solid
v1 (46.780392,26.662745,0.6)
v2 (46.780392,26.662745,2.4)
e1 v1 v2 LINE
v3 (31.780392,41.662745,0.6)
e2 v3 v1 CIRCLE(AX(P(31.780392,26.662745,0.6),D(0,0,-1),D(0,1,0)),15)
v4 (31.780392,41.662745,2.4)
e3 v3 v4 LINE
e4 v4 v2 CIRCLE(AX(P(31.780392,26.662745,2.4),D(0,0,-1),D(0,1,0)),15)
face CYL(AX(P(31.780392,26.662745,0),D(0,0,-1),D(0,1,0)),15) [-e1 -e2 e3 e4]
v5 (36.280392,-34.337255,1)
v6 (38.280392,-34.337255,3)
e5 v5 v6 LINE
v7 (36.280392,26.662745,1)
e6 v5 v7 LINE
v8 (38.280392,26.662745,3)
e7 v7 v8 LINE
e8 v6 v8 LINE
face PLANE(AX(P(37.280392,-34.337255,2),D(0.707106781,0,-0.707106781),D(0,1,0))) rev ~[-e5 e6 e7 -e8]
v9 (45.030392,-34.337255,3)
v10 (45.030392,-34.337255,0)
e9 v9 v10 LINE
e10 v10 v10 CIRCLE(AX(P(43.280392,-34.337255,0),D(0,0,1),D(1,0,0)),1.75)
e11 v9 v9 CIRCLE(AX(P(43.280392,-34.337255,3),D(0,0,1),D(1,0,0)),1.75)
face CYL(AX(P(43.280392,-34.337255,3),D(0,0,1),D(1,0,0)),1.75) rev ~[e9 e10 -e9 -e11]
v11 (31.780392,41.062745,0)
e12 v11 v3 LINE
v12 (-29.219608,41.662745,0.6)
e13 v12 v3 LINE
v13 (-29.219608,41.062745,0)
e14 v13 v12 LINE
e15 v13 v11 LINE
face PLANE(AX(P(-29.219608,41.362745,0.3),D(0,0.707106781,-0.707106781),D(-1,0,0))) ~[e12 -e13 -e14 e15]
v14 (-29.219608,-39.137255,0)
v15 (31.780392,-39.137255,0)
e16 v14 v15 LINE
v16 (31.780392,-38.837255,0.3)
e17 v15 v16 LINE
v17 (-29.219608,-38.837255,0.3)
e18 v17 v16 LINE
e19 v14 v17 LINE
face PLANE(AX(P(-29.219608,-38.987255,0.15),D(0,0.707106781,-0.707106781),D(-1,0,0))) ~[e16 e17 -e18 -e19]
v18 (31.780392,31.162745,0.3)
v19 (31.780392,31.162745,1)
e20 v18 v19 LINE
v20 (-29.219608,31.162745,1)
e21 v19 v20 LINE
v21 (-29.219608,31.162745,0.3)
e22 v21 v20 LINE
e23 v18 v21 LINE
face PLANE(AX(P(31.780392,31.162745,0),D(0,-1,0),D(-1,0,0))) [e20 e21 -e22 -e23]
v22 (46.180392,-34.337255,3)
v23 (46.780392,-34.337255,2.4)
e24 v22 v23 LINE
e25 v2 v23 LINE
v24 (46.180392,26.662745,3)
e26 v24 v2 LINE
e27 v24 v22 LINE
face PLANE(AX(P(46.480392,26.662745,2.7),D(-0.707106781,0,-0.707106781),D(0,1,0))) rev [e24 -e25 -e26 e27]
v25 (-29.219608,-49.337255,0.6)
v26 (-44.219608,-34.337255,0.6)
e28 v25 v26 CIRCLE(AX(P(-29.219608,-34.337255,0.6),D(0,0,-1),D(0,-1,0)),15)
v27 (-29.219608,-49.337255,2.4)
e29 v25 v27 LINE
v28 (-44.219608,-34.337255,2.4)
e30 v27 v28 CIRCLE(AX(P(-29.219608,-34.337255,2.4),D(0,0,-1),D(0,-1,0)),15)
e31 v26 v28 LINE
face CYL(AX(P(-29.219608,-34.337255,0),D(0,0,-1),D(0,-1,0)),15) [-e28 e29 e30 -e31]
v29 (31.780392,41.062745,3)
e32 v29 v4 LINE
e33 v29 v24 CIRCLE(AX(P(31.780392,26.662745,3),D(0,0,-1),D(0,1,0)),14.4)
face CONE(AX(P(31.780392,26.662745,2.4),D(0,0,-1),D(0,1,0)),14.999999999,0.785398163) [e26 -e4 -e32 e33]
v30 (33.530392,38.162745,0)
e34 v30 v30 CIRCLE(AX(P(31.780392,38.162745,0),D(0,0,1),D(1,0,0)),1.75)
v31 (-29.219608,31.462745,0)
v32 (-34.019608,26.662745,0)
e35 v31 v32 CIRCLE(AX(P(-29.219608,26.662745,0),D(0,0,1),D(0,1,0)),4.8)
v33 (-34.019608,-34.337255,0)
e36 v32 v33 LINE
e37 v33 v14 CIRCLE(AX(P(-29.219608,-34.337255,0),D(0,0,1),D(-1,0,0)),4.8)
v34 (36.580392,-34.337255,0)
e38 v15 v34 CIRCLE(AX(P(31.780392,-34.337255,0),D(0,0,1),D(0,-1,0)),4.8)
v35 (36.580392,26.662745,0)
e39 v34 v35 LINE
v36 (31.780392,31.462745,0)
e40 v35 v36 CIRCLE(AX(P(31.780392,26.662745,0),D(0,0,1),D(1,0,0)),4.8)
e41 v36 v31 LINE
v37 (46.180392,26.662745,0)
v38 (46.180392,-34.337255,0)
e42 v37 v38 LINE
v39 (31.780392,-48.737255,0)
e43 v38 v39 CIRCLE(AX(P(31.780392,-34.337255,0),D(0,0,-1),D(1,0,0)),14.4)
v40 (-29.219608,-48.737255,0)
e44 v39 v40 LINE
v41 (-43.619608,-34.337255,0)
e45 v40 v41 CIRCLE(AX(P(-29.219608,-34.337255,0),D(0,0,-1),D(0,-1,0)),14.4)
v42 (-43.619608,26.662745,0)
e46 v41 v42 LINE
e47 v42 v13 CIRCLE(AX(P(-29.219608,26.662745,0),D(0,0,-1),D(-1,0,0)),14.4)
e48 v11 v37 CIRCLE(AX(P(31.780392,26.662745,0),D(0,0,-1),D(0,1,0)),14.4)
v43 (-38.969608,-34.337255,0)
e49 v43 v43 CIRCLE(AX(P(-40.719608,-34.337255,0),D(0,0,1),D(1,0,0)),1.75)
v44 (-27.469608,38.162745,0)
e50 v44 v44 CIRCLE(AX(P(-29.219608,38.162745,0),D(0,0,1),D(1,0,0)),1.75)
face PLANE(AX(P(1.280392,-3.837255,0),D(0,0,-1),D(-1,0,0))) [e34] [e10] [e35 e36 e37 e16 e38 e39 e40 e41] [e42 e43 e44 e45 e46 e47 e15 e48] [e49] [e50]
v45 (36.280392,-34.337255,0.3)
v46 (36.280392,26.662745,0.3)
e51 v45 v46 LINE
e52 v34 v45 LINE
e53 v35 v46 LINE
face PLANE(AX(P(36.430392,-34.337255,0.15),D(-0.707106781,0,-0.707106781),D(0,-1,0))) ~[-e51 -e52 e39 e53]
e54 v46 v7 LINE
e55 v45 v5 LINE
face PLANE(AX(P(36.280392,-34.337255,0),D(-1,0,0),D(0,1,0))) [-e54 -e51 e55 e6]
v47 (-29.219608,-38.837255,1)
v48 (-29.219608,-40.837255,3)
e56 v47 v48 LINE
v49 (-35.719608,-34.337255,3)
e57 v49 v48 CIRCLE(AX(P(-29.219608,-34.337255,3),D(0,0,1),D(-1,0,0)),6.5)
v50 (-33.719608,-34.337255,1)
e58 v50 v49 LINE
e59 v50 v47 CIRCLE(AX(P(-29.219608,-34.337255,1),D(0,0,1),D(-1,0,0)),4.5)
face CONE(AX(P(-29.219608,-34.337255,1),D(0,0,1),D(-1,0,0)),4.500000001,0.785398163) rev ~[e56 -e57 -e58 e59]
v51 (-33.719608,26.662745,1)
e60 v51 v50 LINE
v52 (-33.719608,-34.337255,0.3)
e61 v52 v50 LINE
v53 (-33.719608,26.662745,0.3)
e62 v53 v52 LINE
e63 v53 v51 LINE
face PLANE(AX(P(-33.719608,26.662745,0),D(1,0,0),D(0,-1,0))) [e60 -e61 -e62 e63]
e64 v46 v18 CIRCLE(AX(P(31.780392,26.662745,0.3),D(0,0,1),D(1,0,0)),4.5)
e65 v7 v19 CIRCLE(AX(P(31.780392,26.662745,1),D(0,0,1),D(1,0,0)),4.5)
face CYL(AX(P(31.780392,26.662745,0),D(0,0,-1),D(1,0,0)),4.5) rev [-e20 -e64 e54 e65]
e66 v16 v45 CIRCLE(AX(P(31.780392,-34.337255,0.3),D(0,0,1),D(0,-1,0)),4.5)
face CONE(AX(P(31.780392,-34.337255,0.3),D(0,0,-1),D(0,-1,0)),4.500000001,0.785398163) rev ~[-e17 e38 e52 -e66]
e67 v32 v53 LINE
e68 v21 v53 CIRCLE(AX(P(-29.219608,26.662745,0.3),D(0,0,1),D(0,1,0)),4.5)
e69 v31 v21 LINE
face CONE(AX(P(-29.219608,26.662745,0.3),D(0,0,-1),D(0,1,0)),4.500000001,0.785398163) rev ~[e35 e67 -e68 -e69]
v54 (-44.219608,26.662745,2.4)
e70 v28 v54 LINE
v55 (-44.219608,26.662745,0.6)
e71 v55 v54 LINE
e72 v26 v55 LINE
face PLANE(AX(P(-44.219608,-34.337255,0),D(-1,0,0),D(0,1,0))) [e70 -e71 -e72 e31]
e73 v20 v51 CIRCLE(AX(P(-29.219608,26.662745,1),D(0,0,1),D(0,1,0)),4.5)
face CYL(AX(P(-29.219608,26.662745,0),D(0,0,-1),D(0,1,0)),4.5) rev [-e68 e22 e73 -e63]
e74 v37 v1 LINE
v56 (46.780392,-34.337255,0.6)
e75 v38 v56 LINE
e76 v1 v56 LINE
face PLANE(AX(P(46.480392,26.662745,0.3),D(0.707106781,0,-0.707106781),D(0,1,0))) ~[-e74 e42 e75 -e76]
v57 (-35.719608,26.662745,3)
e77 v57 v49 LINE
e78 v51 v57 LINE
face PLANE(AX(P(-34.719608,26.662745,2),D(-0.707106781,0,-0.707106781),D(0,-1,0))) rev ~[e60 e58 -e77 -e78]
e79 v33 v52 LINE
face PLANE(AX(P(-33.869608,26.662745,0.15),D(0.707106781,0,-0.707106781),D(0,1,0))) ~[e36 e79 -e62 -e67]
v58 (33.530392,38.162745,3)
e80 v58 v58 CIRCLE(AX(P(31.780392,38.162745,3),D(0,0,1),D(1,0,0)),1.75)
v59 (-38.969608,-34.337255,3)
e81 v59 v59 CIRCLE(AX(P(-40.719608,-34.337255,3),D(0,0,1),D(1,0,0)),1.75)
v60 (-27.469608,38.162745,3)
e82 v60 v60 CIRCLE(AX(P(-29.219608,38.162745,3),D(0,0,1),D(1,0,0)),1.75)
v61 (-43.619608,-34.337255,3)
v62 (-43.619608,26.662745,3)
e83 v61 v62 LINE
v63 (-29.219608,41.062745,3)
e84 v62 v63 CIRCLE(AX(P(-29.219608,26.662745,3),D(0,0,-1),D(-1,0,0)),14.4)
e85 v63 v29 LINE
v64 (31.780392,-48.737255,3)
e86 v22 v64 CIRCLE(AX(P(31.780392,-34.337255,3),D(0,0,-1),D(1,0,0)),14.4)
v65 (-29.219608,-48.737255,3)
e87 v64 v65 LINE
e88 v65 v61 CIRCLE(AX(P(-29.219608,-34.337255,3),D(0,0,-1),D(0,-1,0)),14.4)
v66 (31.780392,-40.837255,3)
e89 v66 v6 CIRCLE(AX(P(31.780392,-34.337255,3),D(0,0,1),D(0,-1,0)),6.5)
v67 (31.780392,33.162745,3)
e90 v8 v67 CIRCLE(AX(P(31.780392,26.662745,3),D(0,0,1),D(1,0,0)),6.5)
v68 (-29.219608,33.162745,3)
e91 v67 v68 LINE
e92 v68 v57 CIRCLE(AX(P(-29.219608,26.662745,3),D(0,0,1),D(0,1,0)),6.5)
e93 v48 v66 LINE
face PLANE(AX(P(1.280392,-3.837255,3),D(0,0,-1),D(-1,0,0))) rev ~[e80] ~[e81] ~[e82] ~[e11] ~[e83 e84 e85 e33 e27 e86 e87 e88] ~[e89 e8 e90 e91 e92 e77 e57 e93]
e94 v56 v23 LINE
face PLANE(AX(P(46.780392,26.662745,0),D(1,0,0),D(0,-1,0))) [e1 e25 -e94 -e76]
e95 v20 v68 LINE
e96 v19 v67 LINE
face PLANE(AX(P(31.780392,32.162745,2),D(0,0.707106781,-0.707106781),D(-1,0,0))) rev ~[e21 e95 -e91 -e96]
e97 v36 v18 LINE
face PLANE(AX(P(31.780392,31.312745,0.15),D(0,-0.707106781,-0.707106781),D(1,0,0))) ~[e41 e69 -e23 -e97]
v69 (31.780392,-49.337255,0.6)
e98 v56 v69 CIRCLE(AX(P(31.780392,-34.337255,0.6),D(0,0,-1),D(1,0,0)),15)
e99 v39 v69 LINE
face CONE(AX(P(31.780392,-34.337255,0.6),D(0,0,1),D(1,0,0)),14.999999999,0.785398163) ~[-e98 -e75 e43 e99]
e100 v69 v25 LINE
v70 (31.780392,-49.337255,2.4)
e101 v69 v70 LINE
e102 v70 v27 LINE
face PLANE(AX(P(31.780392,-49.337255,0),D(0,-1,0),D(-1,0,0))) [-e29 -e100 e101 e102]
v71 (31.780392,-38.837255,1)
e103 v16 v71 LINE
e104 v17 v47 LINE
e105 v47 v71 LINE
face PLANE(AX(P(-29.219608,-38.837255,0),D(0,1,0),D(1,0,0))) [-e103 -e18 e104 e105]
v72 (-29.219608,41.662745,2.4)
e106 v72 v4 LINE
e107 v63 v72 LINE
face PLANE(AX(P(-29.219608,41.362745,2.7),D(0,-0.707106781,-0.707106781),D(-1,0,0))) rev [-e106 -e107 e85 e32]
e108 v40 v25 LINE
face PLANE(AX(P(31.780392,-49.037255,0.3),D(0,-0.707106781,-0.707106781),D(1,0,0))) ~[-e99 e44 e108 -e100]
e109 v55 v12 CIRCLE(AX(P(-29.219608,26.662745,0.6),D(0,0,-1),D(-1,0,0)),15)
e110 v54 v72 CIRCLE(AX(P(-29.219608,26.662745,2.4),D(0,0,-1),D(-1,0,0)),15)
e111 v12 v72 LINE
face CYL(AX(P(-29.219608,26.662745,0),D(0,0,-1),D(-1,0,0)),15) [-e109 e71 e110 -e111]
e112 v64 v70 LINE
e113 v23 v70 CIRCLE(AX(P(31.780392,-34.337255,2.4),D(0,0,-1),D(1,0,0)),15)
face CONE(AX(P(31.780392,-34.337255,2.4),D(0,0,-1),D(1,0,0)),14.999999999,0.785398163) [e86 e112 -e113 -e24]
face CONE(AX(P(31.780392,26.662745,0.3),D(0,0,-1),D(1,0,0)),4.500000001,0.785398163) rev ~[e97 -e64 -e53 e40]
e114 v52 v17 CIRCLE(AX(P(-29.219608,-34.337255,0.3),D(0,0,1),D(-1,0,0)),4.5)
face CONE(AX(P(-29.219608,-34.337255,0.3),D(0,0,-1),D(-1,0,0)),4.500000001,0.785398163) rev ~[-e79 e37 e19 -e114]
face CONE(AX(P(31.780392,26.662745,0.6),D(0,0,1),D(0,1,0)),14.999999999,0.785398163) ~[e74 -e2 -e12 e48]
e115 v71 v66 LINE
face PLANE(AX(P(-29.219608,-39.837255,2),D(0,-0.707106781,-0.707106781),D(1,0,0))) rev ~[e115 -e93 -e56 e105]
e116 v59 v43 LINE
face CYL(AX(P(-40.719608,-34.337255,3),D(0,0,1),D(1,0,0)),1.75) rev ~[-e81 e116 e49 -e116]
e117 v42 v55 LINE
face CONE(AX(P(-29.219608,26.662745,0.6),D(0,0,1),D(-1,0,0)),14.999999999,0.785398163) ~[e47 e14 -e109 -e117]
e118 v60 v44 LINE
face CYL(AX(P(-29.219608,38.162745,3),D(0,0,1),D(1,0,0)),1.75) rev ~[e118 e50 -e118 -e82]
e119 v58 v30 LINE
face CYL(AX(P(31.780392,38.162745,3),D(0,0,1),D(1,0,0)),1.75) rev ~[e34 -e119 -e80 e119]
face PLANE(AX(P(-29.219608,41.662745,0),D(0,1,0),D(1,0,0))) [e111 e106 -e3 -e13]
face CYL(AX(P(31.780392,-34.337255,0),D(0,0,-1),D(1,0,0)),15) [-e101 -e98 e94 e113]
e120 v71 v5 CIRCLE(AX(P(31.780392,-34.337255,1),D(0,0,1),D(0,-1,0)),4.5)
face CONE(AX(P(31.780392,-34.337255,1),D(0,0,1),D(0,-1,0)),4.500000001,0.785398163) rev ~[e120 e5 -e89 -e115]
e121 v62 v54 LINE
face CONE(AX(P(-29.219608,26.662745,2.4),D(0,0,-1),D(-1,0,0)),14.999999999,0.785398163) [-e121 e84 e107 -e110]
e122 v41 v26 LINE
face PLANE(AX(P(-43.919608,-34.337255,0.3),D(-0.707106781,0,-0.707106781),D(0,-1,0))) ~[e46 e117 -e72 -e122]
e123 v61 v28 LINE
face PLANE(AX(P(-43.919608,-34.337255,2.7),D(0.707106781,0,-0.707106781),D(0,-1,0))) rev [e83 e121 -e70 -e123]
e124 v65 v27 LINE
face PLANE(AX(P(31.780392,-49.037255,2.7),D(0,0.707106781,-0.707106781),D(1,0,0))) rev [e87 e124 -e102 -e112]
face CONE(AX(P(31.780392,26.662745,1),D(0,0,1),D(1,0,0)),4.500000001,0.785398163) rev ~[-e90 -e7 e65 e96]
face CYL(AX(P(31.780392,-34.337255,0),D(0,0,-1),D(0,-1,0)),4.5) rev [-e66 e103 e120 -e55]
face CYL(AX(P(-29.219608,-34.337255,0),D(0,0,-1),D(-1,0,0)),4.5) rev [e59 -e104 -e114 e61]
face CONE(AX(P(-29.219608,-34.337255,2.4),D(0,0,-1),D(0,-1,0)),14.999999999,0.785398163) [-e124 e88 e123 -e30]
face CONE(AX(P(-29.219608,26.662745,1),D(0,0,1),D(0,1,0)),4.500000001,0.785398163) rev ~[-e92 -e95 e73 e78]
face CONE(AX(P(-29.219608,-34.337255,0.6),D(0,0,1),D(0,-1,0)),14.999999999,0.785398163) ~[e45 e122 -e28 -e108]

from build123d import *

# Parameters (mm, degrees)
SKETCH2_R           = 1.25
BOSS_EXTRUDE1_DEPTH = 3
CHAMFER1_SIZE       = 2
CHAMFER2_SIZE       = 0.6
CHAMFER3_SIZE       = 0.3
SKETCH3_R           = 1.75
CUT_EXTRUDE1_DEPTH  = 4


with BuildPart() as part:
    # Sketch2 → Boss-Extrude1 (new body)
    with BuildSketch(Plane.XY):
        with BuildLine():
            Line((-44.219607843, -34.337254902), (-44.219607843, 26.662745098))
            ThreePointArc((-44.219607843, 26.662745098), (-39.826209561, 37.269346816), (-29.219607843, 41.662745098))
            Line((-29.219607843, 41.662745098), (31.780392157, 41.662745098))
            ThreePointArc((31.780392157, 41.662745098), (42.386993875, 37.269346816), (46.780392157, 26.662745098))
            Line((46.780392157, 26.662745098), (46.780392157, -34.337254902))
            ThreePointArc((46.780392157, -34.337254902), (42.386993875, -44.94385662), (31.780392157, -49.337254902))
            Line((31.780392157, -49.337254902), (-29.219607843, -49.337254902))
            ThreePointArc((-29.219607843, -49.337254902), (-39.826209561, -44.94385662), (-44.219607843, -34.337254902))
        make_face()
        with Locations((43.280392157, -34.337254902)):
            Circle(SKETCH2_R, mode=Mode.SUBTRACT)
        with Locations((31.780392157, 38.162745098)):
            Circle(SKETCH2_R, mode=Mode.SUBTRACT)
        with Locations((-29.219607843, 38.162745098)):
            Circle(SKETCH2_R, mode=Mode.SUBTRACT)
        with Locations((-40.719607843, -34.337254902)):
            Circle(SKETCH2_R, mode=Mode.SUBTRACT)
        with BuildLine():
            ThreePointArc((-29.219607843, 31.162745098), (-32.401588358, 29.844725613), (-33.719607843, 26.662745098))
            Line((-33.719607843, 26.662745098), (-33.719607843, -34.337254902))
            ThreePointArc((-33.719607843, -34.337254902), (-32.401588358, -37.519235417), (-29.219607843, -38.837254902))
            Line((-29.219607843, -38.837254902), (31.780392157, -38.837254902))
            ThreePointArc((31.780392157, -38.837254902), (34.962372672, -37.519235417), (36.280392157, -34.337254902))
            Line((36.280392157, -34.337254902), (36.280392157, 26.662745098))
            ThreePointArc((36.280392157, 26.662745098), (34.962372672, 29.844725613), (31.780392157, 31.162745098))
            Line((31.780392157, 31.162745098), (-29.219607843, 31.162745098))
        make_face(mode=Mode.SUBTRACT)
    extrude(amount=BOSS_EXTRUDE1_DEPTH)

    # Chamfer1
    chamfer1_edges = [part.edges().sort_by_distance(p)[0] for p in [
        (-32.401588358, 29.844725613, 3),
        (1.280392157, 31.162745098, 3),
        (34.962372672, 29.844725613, 3),
        (36.280392157, -3.837254902, 3),
        (34.962372672, -37.519235417, 3),
        (1.280392157, -38.837254902, 3),
        (-32.401588358, -37.519235417, 3),
        (-33.719607843, -3.837254902, 3),
    ]]
    chamfer(chamfer1_edges, length=CHAMFER1_SIZE)

    # Chamfer2
    chamfer2_edges = [part.edges().sort_by_distance(p)[0] for p in [
        (1.280392157, 41.662745098, 3),
        (-39.826209561, 37.269346816, 3),
        (-39.826209561, 37.269346816, 0),
        (1.280392157, 41.662745098, 0),
        (42.386993875, 37.269346816, 0),
        (46.780392157, -3.837254902, 0),
        (42.386993875, -44.94385662, 0),
        (1.280392157, -49.337254902, 0),
        (-39.826209561, -44.94385662, 0),
        (-44.219607843, -3.837254902, 0),
        (-44.219607843, -3.837254902, 3),
        (-39.826209561, -44.94385662, 3),
        (1.280392157, -49.337254902, 3),
        (42.386993875, -44.94385662, 3),
        (46.780392157, -3.837254902, 3),
        (42.386993875, 37.269346816, 3),
    ]]
    chamfer(chamfer2_edges, length=CHAMFER2_SIZE)

    # Chamfer3
    chamfer3_edges = [part.edges().sort_by_distance(p)[0] for p in [
        (-33.719607843, -3.837254902, 0),
        (-32.401588358, -37.519235417, 0),
        (1.280392157, -38.837254902, 0),
        (34.962372672, -37.519235417, 0),
        (36.280392157, -3.837254902, 0),
        (34.962372672, 29.844725613, 0),
        (1.280392157, 31.162745098, 0),
        (-32.401588358, 29.844725613, 0),
    ]]
    chamfer(chamfer3_edges, length=CHAMFER3_SIZE)

    # Sketch3 → Cut-Extrude1 (cut, through all)
    with BuildSketch(Plane.XY.offset(3)):
        with Locations((-29.219607843, 38.162745098)):
            Circle(SKETCH3_R)
        with Locations((31.780392157, 38.162745098)):
            Circle(SKETCH3_R)
        with Locations((-40.719607843, -34.337254902)):
            Circle(SKETCH3_R)
        with Locations((43.280392157, -34.337254902)):
            Circle(SKETCH3_R)
    extrude(amount=-CUT_EXTRUDE1_DEPTH, mode=Mode.SUBTRACT)


solid = part.part
